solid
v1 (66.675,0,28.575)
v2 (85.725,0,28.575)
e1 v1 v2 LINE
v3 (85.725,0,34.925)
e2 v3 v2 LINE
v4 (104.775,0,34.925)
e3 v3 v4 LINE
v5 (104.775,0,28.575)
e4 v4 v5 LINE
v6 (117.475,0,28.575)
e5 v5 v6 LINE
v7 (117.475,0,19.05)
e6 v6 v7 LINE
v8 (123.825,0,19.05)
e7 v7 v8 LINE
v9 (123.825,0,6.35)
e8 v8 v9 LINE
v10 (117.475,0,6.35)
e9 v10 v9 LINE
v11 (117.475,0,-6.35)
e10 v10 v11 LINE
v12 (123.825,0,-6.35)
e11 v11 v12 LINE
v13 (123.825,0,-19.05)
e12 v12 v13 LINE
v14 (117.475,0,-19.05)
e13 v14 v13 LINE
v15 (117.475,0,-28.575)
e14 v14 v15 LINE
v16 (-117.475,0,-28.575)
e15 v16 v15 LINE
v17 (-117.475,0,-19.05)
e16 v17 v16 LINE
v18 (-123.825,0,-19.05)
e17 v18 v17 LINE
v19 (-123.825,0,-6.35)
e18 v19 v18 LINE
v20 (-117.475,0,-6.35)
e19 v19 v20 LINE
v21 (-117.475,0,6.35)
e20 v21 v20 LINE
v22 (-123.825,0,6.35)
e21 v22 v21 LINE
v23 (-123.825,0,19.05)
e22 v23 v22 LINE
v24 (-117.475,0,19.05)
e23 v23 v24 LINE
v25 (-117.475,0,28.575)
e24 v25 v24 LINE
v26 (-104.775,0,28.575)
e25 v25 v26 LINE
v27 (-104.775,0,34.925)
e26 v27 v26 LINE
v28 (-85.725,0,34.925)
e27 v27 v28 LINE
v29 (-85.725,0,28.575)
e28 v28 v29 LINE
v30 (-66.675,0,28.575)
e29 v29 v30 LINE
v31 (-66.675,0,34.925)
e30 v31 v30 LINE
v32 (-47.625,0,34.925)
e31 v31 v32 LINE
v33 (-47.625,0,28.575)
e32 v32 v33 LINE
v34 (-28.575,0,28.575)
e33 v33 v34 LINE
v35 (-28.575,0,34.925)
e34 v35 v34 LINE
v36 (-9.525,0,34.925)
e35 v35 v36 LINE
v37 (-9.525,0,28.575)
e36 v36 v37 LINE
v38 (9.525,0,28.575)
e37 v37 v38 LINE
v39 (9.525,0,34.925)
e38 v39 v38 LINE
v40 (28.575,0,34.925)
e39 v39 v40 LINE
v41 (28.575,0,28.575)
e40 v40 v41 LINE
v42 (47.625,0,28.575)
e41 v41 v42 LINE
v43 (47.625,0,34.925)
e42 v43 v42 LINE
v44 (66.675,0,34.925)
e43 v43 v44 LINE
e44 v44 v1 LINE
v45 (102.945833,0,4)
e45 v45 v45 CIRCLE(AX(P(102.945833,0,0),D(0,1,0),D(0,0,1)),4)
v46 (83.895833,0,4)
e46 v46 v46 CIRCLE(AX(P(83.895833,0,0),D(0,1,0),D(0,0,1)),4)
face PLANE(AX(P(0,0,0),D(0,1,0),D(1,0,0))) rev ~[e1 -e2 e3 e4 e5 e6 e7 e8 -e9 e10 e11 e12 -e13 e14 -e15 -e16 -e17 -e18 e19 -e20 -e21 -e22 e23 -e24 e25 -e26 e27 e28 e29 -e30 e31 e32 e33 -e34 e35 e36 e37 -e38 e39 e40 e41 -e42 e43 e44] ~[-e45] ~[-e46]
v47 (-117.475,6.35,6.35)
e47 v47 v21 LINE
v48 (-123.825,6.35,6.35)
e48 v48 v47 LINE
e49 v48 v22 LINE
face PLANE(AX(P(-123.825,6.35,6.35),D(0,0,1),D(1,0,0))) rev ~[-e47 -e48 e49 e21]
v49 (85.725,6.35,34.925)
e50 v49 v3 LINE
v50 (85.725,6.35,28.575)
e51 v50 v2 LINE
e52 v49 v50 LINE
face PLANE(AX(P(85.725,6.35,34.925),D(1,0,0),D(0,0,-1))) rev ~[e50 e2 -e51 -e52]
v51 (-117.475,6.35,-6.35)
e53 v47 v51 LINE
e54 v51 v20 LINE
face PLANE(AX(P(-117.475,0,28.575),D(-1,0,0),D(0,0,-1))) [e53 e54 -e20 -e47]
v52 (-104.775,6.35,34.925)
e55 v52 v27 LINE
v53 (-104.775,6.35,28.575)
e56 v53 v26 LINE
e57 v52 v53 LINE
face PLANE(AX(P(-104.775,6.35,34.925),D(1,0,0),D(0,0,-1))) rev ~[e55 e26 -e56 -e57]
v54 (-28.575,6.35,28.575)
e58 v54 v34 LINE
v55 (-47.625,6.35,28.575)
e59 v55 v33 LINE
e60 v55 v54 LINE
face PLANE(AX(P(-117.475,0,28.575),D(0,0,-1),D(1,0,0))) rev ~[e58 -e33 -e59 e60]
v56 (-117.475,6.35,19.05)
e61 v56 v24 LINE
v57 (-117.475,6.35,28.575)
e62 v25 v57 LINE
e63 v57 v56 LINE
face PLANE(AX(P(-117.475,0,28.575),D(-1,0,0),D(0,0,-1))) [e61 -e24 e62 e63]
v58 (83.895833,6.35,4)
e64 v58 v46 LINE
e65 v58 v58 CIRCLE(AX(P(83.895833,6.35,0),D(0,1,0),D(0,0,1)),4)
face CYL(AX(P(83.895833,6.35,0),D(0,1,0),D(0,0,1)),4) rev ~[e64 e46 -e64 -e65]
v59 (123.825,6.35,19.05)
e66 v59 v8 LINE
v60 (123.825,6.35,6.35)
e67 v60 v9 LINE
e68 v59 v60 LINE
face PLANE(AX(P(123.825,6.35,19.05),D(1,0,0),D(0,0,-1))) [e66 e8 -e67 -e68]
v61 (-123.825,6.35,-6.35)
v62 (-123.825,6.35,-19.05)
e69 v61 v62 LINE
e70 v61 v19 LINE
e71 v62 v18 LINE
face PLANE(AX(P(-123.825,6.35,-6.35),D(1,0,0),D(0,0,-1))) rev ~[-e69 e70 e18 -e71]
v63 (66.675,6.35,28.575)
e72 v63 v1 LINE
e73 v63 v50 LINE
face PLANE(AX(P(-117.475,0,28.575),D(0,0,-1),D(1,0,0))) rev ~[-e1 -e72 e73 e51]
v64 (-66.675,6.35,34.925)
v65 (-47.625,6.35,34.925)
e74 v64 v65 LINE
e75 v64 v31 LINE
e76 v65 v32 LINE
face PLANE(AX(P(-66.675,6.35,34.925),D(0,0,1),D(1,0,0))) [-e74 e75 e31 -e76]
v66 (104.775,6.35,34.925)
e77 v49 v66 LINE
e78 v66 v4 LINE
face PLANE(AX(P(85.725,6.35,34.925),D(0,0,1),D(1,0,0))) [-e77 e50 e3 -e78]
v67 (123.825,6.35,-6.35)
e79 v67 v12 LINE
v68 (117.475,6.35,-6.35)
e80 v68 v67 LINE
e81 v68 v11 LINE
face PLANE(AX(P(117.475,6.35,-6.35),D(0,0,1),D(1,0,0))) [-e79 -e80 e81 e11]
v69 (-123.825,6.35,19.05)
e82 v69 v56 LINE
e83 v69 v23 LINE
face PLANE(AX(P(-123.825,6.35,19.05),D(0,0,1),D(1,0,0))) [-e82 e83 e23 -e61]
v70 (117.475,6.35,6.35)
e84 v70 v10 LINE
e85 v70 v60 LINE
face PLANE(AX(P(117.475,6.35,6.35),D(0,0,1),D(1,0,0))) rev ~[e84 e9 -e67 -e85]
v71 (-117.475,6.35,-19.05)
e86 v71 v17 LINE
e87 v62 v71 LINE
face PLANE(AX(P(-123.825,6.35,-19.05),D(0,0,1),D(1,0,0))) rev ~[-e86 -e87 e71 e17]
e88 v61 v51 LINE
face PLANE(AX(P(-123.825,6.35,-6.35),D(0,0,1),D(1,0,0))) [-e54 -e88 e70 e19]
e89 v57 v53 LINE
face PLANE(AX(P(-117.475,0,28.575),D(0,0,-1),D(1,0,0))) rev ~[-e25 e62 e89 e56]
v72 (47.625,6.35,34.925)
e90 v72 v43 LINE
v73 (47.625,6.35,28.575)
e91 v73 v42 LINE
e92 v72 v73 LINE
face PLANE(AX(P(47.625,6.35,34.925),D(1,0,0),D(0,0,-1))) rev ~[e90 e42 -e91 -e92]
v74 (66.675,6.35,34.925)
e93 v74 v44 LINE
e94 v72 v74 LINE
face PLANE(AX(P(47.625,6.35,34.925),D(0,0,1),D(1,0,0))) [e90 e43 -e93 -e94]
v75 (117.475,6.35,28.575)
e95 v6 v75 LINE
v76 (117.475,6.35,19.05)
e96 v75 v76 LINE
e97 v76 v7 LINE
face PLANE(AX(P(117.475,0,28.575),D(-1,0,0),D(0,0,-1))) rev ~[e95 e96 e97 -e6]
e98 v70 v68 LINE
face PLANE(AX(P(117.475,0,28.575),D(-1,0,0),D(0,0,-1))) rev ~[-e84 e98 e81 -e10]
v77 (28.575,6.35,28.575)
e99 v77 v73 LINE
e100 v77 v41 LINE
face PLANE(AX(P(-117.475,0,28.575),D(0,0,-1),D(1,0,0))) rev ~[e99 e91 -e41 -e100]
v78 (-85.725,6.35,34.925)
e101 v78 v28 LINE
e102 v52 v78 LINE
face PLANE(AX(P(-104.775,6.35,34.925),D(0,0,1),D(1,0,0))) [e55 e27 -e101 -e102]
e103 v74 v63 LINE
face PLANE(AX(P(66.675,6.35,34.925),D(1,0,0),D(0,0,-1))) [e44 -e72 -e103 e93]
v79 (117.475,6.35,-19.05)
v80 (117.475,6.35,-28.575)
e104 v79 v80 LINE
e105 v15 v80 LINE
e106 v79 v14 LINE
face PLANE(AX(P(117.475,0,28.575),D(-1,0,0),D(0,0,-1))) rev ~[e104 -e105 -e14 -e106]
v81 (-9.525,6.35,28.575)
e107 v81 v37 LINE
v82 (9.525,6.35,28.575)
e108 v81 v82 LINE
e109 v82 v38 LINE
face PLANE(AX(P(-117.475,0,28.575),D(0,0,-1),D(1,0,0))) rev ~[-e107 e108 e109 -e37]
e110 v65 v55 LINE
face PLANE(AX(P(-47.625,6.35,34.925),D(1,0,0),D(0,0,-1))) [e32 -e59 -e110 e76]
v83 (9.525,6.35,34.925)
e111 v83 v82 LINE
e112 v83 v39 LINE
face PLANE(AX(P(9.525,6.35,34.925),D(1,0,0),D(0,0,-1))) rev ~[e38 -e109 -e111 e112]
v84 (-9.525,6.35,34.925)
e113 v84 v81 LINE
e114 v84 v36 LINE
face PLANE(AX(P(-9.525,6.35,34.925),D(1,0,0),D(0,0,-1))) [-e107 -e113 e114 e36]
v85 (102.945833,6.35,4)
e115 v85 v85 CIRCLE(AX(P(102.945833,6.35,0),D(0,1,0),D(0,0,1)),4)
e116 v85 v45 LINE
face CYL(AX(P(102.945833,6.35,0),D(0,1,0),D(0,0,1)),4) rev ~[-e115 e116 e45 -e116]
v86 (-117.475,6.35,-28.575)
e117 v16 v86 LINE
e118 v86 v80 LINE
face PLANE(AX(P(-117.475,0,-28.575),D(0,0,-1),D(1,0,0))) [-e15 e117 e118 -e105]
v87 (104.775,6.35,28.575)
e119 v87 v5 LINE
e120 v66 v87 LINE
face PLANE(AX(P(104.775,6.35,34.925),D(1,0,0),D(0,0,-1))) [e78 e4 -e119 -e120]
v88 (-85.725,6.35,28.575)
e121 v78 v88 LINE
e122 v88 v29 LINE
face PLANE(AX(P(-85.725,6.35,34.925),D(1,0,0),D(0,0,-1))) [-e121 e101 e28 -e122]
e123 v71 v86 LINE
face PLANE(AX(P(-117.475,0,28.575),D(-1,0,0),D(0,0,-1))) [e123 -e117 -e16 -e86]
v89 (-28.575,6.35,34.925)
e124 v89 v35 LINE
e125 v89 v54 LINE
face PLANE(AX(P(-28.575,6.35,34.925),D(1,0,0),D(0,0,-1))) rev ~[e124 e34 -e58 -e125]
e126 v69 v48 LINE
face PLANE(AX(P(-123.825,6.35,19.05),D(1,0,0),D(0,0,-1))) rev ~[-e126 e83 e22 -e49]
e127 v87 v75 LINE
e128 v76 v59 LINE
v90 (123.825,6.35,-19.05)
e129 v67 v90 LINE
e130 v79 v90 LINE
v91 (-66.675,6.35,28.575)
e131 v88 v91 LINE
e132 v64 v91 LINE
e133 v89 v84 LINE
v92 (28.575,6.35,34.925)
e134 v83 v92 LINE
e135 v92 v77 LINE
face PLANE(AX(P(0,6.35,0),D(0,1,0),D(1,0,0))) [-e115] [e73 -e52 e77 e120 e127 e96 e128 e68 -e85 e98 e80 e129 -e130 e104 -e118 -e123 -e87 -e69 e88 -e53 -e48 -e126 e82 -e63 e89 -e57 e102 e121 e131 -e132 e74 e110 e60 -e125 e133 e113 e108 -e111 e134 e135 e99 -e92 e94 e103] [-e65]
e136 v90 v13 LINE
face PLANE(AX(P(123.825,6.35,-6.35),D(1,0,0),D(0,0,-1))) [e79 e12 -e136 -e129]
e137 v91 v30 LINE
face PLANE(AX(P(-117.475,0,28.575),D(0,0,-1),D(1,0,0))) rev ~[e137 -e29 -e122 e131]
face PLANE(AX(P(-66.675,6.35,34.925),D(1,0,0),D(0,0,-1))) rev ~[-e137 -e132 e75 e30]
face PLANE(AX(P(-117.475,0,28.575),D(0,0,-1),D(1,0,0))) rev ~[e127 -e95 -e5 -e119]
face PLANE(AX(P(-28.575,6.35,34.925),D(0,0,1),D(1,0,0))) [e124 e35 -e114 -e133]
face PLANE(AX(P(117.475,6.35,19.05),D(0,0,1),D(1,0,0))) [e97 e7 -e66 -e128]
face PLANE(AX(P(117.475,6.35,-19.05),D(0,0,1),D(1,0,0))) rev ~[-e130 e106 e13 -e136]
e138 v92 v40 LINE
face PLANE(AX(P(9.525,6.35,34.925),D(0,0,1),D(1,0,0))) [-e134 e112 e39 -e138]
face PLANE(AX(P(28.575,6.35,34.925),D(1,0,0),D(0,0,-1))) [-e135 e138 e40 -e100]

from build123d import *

# Parameters (mm, degrees)
ESQUISSE1_W                     = 234.95
ESQUISSE1_H                     = 57.15
BOSS_EXTRU_1_DEPTH              = 6.35
ESQUISSE3_W                     = 19.05
ESQUISSE3_H                     = 6.35
BOSS_EXTRU_2_DEPTH              = 6.35
R_P_TITION_LIN_AIRE2_COUNT      = 6
R_P_TITION_LIN_AIRE2_PITCH      = 38.1
ESQUISSE5_W                     = 6.35
ESQUISSE5_H                     = 12.7
BOSS_EXTRU_4_DEPTH              = 6.35
R_P_TITION_LIN_AIRE4_COUNT      = 2
R_P_TITION_LIN_AIRE4_PITCH      = 25.4
R_P_TITION_LIN_AIRE4_COUNT_DIR2 = 2
R_P_TITION_LIN_AIRE4_PITCH_DIR2 = 241.3
ESQUISSE2_R                     = 4
ENL_V_MAT_EXTRU_1_DEPTH         = 6.35


with BuildPart() as part:
    # Esquisse1 → Boss.-Extru.1 (new body)
    with BuildSketch(Plane(origin=(0, 0, 0), x_dir=(1, 0, 0), z_dir=(0, 1, 0))):
        Rectangle(ESQUISSE1_W, ESQUISSE1_H)
    extrude(amount=BOSS_EXTRU_1_DEPTH)

    # Esquisse3 → Boss.-Extru.2 (add)
    with BuildSketch(Plane(origin=(0, 6.35, 0), x_dir=(1, 0, 0), z_dir=(0, 1, 0))):
        with Locations((-95.25, -31.75)):
            Rectangle(ESQUISSE3_W, ESQUISSE3_H)
    boss_extru_2 = extrude(amount=-BOSS_EXTRU_2_DEPTH)

    # Répétition linéaire2: Boss.-Extru.2 ×6
    with Locations(*[(i * R_P_TITION_LIN_AIRE2_PITCH, 0, 0) for i in range(1, R_P_TITION_LIN_AIRE2_COUNT)]):
        add(boss_extru_2)

    # Esquisse5 → Boss.-Extru.4 (add)
    with BuildSketch(Plane(origin=(0, 6.35, 0), x_dir=(1, 0, 0), z_dir=(0, 1, 0))):
        with Locations((-120.65, -12.7)):
            Rectangle(ESQUISSE5_W, ESQUISSE5_H)
    boss_extru_4 = extrude(amount=-BOSS_EXTRU_4_DEPTH)

    # Répétition linéaire4: Boss.-Extru.4 2 × 2
    with Locations(*[(j * R_P_TITION_LIN_AIRE4_PITCH_DIR2, 0, -i * R_P_TITION_LIN_AIRE4_PITCH) for i in range(R_P_TITION_LIN_AIRE4_COUNT) for j in range(R_P_TITION_LIN_AIRE4_COUNT_DIR2) if (i, j) != (0, 0)]):
        add(boss_extru_4)

    # Esquisse2 → Enlèv. mat.-Extru.1 (cut)
    with BuildSketch(Plane(origin=(0, 6.35, 0), x_dir=(1, 0, 0), z_dir=(0, 1, 0))):
        with Locations(Location((83.895833333, 0, 0), (0, 0, 270))):
            Circle(ESQUISSE2_R)
        with Locations(Location((102.945833333, 0, 0), (0, 0, 270))):
            Circle(ESQUISSE2_R)
    extrude(amount=-ENL_V_MAT_EXTRU_1_DEPTH, mode=Mode.SUBTRACT)


solid = part.part
